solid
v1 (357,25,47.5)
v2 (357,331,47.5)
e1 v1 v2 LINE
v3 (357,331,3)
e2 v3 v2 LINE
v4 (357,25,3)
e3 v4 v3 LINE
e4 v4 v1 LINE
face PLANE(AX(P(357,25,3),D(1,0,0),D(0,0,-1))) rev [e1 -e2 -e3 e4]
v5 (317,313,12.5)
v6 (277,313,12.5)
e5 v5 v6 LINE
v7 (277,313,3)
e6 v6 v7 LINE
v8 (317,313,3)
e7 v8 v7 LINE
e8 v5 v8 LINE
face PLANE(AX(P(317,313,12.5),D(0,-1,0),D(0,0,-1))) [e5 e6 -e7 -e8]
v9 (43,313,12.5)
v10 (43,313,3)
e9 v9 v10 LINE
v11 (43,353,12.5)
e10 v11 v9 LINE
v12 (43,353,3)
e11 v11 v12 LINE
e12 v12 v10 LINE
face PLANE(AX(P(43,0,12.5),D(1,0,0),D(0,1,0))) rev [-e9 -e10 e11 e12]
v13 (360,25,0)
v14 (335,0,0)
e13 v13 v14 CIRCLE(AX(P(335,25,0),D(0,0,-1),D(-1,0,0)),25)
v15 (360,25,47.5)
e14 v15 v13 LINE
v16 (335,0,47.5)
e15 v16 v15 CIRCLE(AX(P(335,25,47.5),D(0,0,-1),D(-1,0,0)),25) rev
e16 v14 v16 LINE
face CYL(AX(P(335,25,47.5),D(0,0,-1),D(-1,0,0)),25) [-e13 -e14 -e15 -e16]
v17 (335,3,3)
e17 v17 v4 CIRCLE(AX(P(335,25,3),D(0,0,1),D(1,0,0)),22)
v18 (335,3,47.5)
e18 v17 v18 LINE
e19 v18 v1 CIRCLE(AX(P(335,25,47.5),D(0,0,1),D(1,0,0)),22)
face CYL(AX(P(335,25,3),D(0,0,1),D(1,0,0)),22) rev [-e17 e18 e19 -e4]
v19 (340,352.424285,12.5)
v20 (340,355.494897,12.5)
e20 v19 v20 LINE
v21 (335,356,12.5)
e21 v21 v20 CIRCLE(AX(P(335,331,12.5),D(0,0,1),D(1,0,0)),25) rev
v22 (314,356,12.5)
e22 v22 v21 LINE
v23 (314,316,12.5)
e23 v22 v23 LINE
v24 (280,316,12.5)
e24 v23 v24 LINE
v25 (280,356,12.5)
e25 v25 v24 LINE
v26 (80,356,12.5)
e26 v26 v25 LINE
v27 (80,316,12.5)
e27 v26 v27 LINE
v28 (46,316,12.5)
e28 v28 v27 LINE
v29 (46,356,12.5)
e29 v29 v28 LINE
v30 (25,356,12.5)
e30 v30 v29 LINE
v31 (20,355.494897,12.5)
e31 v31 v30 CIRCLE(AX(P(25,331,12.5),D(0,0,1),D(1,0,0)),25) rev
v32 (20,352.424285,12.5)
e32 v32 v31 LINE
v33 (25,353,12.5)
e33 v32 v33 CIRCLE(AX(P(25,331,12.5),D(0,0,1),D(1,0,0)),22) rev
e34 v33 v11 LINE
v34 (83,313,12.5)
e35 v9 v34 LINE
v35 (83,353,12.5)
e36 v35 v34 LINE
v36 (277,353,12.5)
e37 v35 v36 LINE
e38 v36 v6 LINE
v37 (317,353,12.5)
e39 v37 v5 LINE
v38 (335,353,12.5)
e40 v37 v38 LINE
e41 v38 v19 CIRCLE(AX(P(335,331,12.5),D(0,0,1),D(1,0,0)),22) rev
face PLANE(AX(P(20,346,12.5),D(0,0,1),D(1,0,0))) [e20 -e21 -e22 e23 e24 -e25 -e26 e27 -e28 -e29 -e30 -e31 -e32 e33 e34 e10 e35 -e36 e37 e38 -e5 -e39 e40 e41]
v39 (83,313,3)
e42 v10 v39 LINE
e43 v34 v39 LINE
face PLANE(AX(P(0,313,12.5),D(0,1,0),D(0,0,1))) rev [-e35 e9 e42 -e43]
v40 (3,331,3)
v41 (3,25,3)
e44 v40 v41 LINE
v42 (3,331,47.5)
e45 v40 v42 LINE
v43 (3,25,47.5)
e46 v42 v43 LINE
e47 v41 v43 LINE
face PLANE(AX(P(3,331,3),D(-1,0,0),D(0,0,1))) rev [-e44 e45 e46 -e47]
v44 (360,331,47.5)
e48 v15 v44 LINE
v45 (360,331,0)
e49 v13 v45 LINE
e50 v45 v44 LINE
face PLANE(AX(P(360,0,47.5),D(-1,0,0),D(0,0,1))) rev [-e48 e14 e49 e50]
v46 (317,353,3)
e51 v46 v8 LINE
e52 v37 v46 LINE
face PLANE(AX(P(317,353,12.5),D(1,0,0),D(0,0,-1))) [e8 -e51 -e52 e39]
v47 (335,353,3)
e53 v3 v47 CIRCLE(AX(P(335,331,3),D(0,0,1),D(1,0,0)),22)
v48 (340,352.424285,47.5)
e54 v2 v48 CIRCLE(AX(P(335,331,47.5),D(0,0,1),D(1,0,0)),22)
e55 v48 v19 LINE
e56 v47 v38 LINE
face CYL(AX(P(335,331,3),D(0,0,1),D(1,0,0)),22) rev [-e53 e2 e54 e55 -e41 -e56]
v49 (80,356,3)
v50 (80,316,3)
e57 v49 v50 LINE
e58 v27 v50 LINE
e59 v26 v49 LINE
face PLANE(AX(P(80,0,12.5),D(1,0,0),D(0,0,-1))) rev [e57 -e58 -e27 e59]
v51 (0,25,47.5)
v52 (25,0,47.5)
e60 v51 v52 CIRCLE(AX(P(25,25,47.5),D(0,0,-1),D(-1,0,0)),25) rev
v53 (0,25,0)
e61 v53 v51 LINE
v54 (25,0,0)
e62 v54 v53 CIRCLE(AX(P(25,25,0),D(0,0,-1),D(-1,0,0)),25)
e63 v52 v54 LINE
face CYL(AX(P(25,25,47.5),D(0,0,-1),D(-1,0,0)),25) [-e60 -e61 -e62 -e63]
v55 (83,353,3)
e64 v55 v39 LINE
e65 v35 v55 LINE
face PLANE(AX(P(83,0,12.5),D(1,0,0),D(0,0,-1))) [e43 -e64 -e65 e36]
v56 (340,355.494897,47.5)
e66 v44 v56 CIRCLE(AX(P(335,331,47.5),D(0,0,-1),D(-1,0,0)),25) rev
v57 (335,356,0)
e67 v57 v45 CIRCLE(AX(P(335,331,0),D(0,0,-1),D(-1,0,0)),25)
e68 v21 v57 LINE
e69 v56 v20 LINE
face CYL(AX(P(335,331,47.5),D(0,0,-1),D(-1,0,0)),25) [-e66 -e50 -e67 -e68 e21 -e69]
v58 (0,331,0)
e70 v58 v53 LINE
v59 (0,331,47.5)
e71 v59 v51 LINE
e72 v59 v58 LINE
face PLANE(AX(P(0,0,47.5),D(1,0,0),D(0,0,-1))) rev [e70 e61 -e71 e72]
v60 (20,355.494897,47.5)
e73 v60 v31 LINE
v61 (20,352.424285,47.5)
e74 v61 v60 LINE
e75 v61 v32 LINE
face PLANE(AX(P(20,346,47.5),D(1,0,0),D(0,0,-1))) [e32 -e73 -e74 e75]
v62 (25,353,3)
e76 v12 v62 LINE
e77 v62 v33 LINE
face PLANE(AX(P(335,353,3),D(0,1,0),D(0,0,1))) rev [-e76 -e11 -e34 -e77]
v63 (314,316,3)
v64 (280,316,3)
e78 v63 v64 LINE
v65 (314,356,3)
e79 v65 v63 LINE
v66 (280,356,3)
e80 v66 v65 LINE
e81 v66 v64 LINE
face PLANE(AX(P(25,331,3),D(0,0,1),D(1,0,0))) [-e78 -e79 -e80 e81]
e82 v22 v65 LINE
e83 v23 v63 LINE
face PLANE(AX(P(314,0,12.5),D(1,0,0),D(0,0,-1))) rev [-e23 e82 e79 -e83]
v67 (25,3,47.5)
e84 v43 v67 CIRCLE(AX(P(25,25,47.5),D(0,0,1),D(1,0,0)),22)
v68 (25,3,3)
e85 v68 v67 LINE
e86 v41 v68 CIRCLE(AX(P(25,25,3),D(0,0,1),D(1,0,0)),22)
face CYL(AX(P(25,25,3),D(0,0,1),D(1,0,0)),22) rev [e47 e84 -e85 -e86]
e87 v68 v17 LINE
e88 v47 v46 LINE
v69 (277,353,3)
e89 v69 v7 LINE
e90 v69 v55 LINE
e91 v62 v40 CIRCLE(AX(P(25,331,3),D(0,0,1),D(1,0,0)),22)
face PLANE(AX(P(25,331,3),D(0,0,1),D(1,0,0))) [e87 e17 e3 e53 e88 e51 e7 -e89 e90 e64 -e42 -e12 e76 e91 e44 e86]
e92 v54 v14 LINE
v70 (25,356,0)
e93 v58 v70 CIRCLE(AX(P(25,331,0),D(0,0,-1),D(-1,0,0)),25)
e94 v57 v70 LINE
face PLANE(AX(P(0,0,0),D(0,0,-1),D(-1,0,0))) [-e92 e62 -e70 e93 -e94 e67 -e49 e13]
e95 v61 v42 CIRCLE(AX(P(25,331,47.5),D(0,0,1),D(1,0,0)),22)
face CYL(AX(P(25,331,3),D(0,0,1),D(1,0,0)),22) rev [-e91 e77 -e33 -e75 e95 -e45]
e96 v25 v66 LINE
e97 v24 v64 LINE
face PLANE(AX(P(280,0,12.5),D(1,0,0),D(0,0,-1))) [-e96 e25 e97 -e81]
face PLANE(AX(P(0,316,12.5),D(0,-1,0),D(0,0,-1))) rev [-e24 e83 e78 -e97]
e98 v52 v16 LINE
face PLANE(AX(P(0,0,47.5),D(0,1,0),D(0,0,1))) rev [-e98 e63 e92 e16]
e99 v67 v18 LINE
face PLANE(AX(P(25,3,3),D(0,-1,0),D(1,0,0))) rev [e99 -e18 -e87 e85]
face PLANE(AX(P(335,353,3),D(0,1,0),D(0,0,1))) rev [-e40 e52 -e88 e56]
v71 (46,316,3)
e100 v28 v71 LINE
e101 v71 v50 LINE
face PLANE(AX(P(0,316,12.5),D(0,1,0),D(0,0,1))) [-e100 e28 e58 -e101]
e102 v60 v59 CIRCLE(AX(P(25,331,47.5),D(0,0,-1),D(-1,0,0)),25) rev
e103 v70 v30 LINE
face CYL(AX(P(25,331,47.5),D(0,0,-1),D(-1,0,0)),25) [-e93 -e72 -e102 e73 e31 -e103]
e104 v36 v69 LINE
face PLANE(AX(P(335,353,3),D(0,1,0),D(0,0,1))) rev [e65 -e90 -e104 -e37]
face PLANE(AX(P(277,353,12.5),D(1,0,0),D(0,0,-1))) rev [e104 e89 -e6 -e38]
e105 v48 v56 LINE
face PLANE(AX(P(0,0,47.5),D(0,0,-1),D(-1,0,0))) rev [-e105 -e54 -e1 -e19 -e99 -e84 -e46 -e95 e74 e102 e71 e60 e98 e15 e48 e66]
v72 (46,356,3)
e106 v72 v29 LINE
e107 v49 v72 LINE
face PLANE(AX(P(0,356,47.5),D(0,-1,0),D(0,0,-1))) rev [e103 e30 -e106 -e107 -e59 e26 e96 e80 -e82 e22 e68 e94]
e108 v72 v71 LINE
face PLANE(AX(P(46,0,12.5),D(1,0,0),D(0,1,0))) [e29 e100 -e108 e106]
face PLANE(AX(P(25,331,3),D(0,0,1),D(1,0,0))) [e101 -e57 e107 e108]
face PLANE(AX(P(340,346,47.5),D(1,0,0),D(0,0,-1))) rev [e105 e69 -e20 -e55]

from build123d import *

# Parameters (mm, degrees)
ESQUISSE1_W             = 360
ESQUISSE1_H             = 356
BOSS_EXTRU_1_DEPTH      = 47.5
CONG_1_R                = 25
ENL_V_MAT_EXTRU_1_DEPTH = 44.5
ESQUISSE3_W             = 320
ESQUISSE3_H             = 35
ENL_V_MAT_EXTRU_2_DEPTH = 10
ESQUISSE5_W             = 40
ESQUISSE5_H             = 40
ESQUISSE5_W_2           = 34
ESQUISSE5_H_2           = 34
EXTRU_MINCE1_DEPTH      = 9.5
ESQUISSE10_W            = 34
ESQUISSE10_H            = 9.5
ENL_V_MAT_EXTRU_4_DEPTH = 10
ESQUISSE13_W            = 34
ESQUISSE13_H            = 9.5
ENL_V_MAT_EXTRU_5_DEPTH = 10


with BuildPart() as part:
    # Esquisse1 → Boss.-Extru.1 (new body)
    with BuildSketch(Plane.XY):
        with Locations((180, 178)):
            Rectangle(ESQUISSE1_W, ESQUISSE1_H)
    extrude(amount=BOSS_EXTRU_1_DEPTH)

    # Congé1
    cong_1_edges = [part.edges().sort_by_distance(p)[0] for p in [
        (0, 356, 23.75),
        (360, 356, 23.75),
        (360, 0, 23.75),
        (0, 0, 23.75),
    ]]
    fillet(cong_1_edges, radius=CONG_1_R)

    # Esquisse2 → Enlèv. mat.-Extru.1 (cut)
    with BuildSketch(Plane.XY.offset(47.5)):
        with BuildLine():
            Line((3, 331), (3, 25))
            ThreePointArc((3, 25), (9.443650814, 9.443650814), (25, 3))
            Line((25, 3), (335, 3))
            ThreePointArc((335, 3), (350.556349186, 9.443650814), (357, 25))
            Line((357, 25), (357, 331))
            ThreePointArc((357, 331), (350.556349186, 346.556349186), (335, 353))
            Line((335, 353), (25, 353))
            ThreePointArc((25, 353), (9.443650814, 346.556349186), (3, 331))
        make_face()
    extrude(amount=-ENL_V_MAT_EXTRU_1_DEPTH, mode=Mode.SUBTRACT)

    # Esquisse3 → Enlèv. mat.-Extru.2 (cut)
    with BuildSketch(Plane(origin=(0, 356, 0), x_dir=(1, 0, 0), z_dir=(0, 1, 0))):
        with Locations((180, -30)):
            Rectangle(ESQUISSE3_W, ESQUISSE3_H)
    extrude(amount=-ENL_V_MAT_EXTRU_2_DEPTH, mode=Mode.SUBTRACT)

    # Esquisse5 → Extru.-Mince1 (add)
    with BuildSketch(Plane.XY.offset(3)):
        with Locations((63, 333)):
            Rectangle(ESQUISSE5_W, ESQUISSE5_H)
        with Locations((63, 333)):
            Rectangle(ESQUISSE5_W_2, ESQUISSE5_H_2, mode=Mode.SUBTRACT)
        with Locations((297, 333)):
            Rectangle(ESQUISSE5_W, ESQUISSE5_H)
        with Locations((297, 333)):
            Rectangle(ESQUISSE5_W_2, ESQUISSE5_H_2, mode=Mode.SUBTRACT)
    extrude(amount=EXTRU_MINCE1_DEPTH)

    # Esquisse10 → Enlèv. mat.-Extru.4 (cut)
    with BuildSketch(Plane(origin=(0, 356, 0), x_dir=(1, 0, 0), z_dir=(0, 1, 0))):
        with Locations((297, -7.75)):
            Rectangle(ESQUISSE10_W, ESQUISSE10_H)
    extrude(amount=-ENL_V_MAT_EXTRU_4_DEPTH, mode=Mode.SUBTRACT)

    # Esquisse13 → Enlèv. mat.-Extru.5 (cut)
    with BuildSketch(Plane(origin=(0, 356, 0), x_dir=(1, 0, 0), z_dir=(0, 1, 0))):
        with Locations((63, -7.75)):
            Rectangle(ESQUISSE13_W, ESQUISSE13_H)
    extrude(amount=-ENL_V_MAT_EXTRU_5_DEPTH, mode=Mode.SUBTRACT)


solid = part.part
